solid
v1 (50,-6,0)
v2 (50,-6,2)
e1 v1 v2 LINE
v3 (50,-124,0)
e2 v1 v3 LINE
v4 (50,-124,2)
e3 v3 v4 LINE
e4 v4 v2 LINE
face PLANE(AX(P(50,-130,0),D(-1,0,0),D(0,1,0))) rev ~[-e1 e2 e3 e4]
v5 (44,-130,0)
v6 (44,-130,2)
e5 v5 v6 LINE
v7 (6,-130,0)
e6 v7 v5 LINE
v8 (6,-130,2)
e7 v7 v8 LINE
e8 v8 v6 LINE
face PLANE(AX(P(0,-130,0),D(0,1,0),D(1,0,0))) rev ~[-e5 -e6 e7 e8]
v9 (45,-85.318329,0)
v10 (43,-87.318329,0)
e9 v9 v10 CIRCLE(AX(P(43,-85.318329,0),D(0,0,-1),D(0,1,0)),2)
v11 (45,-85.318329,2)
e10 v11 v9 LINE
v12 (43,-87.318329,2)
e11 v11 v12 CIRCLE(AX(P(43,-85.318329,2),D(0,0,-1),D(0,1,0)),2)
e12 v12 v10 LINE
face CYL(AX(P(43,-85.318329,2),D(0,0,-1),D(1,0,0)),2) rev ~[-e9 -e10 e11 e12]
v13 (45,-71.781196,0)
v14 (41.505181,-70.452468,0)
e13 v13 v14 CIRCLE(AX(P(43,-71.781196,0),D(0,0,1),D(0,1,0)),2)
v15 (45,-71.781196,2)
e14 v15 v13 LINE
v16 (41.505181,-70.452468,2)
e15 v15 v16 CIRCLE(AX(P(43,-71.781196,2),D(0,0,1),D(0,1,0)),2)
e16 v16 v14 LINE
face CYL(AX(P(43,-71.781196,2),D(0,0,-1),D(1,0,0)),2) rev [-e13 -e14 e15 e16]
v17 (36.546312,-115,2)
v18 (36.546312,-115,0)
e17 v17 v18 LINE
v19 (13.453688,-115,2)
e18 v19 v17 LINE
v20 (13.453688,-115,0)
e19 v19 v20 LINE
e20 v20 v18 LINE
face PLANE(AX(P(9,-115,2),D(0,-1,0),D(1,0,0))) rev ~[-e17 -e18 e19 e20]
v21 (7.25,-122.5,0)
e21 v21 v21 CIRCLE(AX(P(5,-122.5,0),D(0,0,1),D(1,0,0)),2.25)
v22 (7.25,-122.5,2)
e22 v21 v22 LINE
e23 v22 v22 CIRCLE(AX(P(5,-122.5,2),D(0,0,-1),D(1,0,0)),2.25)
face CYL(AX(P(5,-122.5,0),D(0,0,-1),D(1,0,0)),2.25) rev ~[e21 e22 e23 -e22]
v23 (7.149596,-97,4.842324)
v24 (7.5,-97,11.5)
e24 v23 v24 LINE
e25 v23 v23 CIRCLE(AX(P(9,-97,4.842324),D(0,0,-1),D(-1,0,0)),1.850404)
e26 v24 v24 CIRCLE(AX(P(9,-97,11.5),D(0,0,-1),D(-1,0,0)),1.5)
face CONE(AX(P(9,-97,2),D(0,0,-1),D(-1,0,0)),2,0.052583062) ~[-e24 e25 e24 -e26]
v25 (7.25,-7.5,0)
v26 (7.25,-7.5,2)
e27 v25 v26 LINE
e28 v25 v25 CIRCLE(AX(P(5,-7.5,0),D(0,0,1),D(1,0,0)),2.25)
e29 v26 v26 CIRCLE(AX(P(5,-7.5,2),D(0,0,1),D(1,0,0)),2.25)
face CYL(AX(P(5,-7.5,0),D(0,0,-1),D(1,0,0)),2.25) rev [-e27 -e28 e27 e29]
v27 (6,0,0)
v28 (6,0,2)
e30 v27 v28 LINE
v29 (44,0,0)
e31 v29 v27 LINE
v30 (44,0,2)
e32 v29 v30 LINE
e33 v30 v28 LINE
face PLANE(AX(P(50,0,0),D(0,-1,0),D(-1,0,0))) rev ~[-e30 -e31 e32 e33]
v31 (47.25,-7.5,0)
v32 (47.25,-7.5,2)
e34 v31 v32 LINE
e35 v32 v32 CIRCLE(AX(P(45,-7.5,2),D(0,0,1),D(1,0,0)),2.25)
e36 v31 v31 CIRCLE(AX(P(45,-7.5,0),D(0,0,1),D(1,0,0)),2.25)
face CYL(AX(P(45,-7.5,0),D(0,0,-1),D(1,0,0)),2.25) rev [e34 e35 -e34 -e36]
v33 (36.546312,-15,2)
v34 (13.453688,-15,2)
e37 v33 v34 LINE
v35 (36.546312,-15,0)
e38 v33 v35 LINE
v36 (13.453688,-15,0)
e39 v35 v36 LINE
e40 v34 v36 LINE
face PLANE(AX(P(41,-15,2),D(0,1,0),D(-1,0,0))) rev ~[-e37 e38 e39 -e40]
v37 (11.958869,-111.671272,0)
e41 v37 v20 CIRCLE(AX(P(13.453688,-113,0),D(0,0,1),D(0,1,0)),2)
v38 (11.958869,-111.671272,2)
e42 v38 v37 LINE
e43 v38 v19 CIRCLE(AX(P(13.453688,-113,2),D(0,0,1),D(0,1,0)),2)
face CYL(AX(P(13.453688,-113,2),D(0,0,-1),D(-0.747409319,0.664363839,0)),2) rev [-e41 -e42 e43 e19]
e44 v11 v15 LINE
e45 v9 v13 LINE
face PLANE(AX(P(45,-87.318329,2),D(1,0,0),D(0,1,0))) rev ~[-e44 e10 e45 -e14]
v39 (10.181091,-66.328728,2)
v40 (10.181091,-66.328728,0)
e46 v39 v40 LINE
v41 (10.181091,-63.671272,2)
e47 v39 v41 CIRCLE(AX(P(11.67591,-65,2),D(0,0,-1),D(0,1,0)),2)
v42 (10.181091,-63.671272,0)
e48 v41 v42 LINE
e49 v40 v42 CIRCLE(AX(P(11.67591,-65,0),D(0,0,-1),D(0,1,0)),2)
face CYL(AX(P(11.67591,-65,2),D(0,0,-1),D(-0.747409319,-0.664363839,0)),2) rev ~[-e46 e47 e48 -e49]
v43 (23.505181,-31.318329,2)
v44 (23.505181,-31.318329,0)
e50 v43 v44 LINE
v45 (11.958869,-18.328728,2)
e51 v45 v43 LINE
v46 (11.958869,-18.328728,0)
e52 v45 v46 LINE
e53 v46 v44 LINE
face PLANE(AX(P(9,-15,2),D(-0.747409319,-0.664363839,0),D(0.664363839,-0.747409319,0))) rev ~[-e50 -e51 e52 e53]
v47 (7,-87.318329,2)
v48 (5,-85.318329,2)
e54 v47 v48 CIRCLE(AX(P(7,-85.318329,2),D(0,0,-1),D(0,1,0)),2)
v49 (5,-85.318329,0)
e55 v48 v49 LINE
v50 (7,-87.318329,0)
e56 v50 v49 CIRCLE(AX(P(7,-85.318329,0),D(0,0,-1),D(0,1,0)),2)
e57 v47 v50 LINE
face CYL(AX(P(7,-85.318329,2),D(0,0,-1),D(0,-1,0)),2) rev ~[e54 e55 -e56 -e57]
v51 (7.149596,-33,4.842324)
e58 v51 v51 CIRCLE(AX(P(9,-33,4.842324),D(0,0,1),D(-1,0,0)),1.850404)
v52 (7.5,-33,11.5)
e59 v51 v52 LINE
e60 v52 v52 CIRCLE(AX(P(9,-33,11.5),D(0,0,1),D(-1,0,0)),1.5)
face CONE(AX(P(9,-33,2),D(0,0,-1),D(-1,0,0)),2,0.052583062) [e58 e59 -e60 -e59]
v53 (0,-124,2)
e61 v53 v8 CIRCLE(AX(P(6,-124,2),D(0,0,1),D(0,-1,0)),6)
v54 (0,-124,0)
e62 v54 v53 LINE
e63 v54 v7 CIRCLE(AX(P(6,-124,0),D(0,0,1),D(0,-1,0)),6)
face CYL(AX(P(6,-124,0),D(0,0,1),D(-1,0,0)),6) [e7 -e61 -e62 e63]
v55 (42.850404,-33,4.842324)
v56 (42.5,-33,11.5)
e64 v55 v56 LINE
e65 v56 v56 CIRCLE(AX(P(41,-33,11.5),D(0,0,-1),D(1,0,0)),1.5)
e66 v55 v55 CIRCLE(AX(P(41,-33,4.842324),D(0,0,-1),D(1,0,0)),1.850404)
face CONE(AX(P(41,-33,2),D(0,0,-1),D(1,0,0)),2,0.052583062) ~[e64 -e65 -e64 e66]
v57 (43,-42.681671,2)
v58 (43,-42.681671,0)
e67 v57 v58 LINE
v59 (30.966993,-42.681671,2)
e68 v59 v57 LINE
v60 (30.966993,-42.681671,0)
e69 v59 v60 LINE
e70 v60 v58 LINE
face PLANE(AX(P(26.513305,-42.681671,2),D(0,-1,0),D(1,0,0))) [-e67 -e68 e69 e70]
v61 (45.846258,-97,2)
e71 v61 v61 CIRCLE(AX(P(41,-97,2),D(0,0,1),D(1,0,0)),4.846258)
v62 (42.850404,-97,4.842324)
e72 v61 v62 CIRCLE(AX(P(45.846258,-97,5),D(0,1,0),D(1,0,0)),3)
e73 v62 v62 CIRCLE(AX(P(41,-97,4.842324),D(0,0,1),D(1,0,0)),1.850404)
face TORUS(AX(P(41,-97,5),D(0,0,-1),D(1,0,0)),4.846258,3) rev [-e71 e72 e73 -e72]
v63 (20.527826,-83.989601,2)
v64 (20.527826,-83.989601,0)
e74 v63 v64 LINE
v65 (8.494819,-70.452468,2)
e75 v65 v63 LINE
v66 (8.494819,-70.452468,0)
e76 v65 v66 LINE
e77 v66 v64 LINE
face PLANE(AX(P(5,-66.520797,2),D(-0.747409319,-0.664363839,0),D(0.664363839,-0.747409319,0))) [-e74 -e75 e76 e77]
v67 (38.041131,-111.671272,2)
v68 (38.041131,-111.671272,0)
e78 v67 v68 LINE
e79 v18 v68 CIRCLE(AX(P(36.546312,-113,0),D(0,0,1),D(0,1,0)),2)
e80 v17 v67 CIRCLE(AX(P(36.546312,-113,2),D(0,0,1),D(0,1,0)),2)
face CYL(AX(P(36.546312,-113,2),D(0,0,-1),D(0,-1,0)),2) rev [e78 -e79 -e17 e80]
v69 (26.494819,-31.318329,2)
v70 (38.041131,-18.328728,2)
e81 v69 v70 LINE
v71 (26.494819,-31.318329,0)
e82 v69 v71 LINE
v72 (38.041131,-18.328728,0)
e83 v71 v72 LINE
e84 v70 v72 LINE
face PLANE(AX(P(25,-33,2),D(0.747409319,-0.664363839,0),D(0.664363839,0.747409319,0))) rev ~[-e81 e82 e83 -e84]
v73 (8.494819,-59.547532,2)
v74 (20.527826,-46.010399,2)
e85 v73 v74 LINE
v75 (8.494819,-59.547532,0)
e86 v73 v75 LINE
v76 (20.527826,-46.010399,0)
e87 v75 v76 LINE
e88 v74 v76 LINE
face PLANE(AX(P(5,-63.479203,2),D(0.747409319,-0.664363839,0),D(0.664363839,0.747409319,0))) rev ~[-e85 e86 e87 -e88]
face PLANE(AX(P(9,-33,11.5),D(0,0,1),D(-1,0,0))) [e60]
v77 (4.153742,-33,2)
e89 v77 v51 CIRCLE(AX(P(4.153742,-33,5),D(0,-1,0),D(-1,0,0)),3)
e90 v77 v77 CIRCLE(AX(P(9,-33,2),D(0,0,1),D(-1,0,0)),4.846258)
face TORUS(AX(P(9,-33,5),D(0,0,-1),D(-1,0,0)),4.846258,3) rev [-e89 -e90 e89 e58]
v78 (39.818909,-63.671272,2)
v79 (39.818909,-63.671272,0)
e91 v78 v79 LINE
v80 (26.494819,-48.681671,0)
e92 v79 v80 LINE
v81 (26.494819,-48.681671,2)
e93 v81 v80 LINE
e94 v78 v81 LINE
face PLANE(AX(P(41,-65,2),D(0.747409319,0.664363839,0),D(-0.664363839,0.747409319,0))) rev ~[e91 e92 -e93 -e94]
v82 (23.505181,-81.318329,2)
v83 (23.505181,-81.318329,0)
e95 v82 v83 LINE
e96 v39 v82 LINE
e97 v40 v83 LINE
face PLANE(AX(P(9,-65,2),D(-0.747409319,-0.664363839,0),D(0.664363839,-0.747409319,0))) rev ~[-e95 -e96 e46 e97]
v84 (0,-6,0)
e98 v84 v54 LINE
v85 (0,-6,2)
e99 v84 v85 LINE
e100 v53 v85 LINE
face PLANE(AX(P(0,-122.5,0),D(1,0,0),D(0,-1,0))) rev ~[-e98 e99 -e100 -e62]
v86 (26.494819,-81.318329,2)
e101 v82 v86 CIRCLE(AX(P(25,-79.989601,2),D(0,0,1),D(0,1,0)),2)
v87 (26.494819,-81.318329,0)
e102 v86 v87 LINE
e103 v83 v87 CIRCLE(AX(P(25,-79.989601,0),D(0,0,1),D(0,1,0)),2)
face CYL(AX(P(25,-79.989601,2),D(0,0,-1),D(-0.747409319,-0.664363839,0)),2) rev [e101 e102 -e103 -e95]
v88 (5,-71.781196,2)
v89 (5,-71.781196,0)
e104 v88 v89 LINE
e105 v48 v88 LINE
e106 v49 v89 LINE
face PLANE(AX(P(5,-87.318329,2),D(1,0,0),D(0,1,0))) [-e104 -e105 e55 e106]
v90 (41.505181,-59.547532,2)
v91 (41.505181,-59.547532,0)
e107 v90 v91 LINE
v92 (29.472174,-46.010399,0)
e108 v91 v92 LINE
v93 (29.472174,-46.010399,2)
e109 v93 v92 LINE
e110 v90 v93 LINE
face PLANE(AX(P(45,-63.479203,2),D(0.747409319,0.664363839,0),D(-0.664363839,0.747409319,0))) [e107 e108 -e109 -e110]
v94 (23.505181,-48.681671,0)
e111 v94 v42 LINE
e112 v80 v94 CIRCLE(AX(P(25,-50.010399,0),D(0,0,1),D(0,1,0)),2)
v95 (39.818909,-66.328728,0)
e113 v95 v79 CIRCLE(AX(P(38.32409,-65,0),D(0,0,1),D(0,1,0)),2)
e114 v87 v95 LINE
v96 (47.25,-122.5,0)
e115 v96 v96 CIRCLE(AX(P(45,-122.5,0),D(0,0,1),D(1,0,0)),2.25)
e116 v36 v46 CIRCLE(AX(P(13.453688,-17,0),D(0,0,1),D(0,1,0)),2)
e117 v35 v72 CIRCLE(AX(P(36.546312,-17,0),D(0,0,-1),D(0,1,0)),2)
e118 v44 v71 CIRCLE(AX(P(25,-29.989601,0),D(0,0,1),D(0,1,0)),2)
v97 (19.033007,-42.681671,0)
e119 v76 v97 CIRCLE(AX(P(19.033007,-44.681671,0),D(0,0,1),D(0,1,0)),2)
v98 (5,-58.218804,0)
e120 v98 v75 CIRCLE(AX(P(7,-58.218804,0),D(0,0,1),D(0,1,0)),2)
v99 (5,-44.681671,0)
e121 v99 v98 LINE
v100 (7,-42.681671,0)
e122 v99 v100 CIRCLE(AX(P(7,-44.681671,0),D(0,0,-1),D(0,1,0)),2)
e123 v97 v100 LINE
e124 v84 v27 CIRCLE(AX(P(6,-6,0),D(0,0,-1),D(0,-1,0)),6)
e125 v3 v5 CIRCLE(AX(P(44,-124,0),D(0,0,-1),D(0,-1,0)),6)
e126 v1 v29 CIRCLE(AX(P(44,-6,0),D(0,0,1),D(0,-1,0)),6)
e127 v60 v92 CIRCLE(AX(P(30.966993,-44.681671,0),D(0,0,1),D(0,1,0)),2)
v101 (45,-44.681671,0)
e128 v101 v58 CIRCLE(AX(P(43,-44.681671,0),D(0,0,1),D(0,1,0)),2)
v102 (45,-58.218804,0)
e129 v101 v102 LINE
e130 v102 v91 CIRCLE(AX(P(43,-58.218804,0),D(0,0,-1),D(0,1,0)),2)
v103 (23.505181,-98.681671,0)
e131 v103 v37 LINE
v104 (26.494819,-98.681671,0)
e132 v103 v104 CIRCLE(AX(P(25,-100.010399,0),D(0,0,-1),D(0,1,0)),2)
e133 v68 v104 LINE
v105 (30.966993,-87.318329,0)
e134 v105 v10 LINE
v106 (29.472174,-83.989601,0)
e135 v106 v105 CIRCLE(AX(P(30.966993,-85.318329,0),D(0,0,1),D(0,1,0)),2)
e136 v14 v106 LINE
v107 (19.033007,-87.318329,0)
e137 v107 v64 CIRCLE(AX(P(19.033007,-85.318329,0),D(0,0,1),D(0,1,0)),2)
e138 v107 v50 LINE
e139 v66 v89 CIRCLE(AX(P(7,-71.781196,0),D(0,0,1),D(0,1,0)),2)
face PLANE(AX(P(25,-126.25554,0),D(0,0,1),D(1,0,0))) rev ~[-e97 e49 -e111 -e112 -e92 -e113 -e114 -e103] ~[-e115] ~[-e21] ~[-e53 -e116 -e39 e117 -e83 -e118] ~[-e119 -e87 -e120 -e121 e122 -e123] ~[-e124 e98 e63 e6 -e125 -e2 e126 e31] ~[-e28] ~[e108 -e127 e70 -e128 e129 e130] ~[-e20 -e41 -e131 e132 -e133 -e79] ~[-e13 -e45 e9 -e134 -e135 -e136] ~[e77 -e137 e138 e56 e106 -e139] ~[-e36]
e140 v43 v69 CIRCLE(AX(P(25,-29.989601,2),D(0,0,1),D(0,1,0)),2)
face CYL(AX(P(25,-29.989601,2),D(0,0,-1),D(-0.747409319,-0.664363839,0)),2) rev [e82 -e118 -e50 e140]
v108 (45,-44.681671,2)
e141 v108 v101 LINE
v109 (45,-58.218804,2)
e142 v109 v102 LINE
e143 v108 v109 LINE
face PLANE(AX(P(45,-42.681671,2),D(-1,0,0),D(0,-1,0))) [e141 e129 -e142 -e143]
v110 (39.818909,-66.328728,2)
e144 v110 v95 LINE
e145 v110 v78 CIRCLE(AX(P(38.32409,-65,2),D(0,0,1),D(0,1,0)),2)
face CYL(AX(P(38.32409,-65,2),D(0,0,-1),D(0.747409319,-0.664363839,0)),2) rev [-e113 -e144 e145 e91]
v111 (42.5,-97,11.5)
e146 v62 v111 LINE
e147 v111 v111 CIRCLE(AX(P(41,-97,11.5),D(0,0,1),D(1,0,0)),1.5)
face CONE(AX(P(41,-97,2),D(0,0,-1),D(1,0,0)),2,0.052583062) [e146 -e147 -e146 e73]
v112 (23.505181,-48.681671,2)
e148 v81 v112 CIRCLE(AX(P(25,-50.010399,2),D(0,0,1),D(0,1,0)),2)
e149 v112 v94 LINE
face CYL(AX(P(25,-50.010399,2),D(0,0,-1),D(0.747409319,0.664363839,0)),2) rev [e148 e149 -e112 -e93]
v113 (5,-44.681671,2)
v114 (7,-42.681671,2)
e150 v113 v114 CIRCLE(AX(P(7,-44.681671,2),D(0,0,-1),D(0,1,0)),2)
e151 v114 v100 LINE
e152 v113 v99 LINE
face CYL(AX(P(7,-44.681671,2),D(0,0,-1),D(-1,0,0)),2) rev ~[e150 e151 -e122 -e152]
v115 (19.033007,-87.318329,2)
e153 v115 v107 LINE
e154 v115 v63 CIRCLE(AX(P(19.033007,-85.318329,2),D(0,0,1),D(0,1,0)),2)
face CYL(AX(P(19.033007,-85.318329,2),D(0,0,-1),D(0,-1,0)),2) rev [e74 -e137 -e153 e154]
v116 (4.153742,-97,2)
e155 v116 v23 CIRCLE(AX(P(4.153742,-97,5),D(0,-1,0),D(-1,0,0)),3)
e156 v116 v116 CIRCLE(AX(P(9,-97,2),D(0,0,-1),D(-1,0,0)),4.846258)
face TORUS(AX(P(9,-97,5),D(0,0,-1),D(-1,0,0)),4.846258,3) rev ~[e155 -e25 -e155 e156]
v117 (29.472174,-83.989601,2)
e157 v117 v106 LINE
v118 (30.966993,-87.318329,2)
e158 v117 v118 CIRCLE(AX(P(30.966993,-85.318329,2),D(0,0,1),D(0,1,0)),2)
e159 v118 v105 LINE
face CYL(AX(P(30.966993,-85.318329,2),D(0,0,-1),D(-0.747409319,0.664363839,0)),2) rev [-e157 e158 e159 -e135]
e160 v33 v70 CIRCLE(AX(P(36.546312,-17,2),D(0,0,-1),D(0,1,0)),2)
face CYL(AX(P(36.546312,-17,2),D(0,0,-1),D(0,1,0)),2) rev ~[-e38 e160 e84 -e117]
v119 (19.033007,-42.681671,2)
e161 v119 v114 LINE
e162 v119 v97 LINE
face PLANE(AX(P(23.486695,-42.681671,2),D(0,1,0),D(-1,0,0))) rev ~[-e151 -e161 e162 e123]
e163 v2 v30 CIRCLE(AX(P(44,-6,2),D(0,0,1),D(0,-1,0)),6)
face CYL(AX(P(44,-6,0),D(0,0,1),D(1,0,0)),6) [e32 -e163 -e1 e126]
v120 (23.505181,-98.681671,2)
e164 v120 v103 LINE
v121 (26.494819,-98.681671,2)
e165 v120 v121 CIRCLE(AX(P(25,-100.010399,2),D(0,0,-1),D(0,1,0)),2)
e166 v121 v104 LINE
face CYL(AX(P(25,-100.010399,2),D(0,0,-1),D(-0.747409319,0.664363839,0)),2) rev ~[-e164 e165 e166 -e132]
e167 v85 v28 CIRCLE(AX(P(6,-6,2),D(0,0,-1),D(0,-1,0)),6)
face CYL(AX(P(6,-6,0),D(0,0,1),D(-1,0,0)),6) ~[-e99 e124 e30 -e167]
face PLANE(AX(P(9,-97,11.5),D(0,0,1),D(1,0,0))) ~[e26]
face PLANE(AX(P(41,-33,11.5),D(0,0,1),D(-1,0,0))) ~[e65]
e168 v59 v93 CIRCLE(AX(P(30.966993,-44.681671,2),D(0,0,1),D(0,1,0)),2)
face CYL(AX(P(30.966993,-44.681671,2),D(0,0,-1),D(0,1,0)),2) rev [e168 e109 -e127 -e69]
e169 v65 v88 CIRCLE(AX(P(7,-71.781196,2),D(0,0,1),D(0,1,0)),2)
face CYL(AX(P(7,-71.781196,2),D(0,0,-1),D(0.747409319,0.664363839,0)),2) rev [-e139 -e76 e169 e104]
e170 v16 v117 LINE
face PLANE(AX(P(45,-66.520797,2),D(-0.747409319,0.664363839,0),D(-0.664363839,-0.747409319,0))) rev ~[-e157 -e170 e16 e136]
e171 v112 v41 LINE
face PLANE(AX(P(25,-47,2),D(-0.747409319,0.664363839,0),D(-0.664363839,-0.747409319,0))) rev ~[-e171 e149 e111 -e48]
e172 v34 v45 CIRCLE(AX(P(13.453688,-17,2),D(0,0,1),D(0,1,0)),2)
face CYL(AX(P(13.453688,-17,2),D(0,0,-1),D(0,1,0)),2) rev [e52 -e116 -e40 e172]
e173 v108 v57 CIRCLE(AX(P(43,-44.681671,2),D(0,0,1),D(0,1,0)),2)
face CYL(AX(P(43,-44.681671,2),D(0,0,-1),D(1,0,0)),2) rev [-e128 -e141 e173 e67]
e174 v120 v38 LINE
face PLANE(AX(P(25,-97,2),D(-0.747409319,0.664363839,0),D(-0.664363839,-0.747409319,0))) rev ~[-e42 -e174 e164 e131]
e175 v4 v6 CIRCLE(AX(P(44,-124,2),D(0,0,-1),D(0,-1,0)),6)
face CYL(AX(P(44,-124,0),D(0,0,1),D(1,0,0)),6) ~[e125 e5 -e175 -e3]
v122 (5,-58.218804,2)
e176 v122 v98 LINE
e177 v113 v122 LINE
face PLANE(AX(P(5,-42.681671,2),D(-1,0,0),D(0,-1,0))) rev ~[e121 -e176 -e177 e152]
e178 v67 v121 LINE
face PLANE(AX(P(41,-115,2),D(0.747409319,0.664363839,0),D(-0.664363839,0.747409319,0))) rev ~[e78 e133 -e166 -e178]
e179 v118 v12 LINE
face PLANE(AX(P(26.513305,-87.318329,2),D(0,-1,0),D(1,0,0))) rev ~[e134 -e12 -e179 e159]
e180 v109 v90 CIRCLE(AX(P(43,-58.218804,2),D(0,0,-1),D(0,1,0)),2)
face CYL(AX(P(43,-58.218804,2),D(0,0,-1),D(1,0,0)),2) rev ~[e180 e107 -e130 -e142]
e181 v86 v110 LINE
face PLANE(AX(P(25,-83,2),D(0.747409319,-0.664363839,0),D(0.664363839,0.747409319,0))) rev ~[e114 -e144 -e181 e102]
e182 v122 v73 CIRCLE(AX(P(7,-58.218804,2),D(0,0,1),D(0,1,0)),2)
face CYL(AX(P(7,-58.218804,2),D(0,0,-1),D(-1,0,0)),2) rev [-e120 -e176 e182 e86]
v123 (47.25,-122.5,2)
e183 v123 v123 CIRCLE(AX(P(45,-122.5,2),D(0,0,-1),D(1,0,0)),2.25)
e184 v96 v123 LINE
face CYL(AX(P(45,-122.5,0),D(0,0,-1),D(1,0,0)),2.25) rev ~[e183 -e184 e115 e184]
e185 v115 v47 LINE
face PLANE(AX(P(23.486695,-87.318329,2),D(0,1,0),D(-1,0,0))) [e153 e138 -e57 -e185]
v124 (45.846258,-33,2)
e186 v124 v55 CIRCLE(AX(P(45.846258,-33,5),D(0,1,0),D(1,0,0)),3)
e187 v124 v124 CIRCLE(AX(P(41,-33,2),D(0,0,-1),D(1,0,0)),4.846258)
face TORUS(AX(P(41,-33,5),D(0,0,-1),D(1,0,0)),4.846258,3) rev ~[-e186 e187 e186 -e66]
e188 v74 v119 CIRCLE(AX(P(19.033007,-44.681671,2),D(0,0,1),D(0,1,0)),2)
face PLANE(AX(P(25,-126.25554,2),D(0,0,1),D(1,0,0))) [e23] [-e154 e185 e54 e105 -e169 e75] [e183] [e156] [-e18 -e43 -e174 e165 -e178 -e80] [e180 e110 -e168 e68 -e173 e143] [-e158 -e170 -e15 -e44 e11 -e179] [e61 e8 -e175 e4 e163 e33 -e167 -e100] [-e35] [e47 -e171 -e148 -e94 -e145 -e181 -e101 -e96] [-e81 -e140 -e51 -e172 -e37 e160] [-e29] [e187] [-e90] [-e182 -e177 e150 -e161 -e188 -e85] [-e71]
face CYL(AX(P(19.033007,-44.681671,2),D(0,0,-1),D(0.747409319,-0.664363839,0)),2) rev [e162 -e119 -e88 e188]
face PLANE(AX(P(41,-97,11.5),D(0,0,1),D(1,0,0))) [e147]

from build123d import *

# Parameters (mm, degrees)
SKETCH_1_R          = 2.25
EXTRUDE_1_DEPTH     = 2
FILLET_1_R          = 6
FILLET_2_R          = 3
CUT_EXTRUDE_1_DEPTH = 2
FILLET_3_R          = 2
CUT_EXTRUDE_2_DEPTH = 2
FILLET_4_R          = 2


with BuildPart() as part:
    # 草图1 → 凸台-拉伸1 (new body)
    # profile 1 of 2: a face of its own
    with BuildSketch(Plane.XY):
        with BuildLine():
            Line((50, 0), (0, 0))
            Line((0, 0), (0, -122.5))
            Line((0, -122.5), (2.75, -122.5))
            ThreePointArc((2.75, -122.5), (5, -120.25), (7.25, -122.5))
            Line((7.25, -122.5), (42.75, -122.5))
            ThreePointArc((42.75, -122.5), (45, -120.25), (47.25, -122.5))
            Line((47.25, -122.5), (50, -122.5))
            Line((50, -122.5), (50, 0))
        make_face()
        with Locations((5, -7.5)):
            Circle(SKETCH_1_R, mode=Mode.SUBTRACT)
        with Locations((45, -7.5)):
            Circle(SKETCH_1_R, mode=Mode.SUBTRACT)
    # profile 2 of 2: a face of its own
    with BuildSketch(Plane.XY):
        with BuildLine():
            Line((2.75, -122.5), (0, -122.5))
            Line((0, -122.5), (0, -130))
            Line((0, -130), (50, -130))
            Line((50, -130), (50, -122.5))
            Line((50, -122.5), (47.25, -122.5))
            ThreePointArc((47.25, -122.5), (45, -124.75), (42.75, -122.5))
            Line((42.75, -122.5), (7.25, -122.5))
            ThreePointArc((7.25, -122.5), (5, -124.75), (2.75, -122.5))
        make_face()
    extrude(amount=EXTRUDE_1_DEPTH)

    # 圆角1
    fillet_1_edges = [part.edges().sort_by_distance(p)[0] for p in [
        (0, 0, 1),
        (50, 0, 1),
        (50, -130, 1),
        (0, -130, 1),
    ]]
    fillet(fillet_1_edges, radius=FILLET_1_R)

    # 草图5 → 旋转1 (revolve)
    with BuildSketch(Plane(origin=(0, -33, 0), x_dir=(1, 0, 0), z_dir=(0, 1, 0))):
        Polygon((9, -2), (7, -2), (7.5, -11.5), (9, -11.5), align=None)
    revolve_1 = revolve(axis=Axis((9, -33, 2), (0, 0, 1)))

    # 镜向1: 旋转1 across plane
    add(revolve_1.mirror(Plane.ZY.offset(-25)))

    # 镜向1 at the second plane: 旋转1 across plane
    add(revolve_1.mirror(Plane.ZX.offset(-65)))

    # 镜向1 at the second plane copy 1 sket → 镜向1 at the second plane copy 1 (revolve)
    with BuildSketch(Plane(origin=(50, -97, 0), x_dir=(-1, 0, 0), z_dir=(0, -1, 0))):
        Polygon((9, -2), (7, -2), (7.5, -11.5), (9, -11.5), align=None)
    revolve(axis=Axis((41, -97, 2), (0, 0, 1)))

    # 圆角2
    fillet_2_edges = [part.edges().sort_by_distance(p)[0] for p in [
        (11, -33, 2),
        (11, -97, 2),
        (39, -33, 2),
        (39, -97, 2),
    ]]
    fillet(fillet_2_edges, radius=FILLET_2_R)

    # 草图7 → 切除-拉伸1 (cut)
    with BuildSketch(Plane.XY.offset(2)):
        Polygon((41, -15), (9, -15), (25, -33), align=None)
        Polygon((9, -65), (25, -83), (41, -65), (25, -47), align=None)
        Polygon((25, -97), (9, -115), (41, -115), align=None)
    extrude(amount=-CUT_EXTRUDE_1_DEPTH, mode=Mode.SUBTRACT)

    # 圆角3
    fillet_3_edges = [part.edges().sort_by_distance(p)[0] for p in [
        (25, -33, 1),
        (9, -15, 1),
        (41, -15, 1),
        (25, -83, 1),
        (9, -65, 1),
        (25, -47, 1),
        (41, -65, 1),
        (25, -97, 1),
        (41, -115, 1),
        (9, -115, 1),
    ]]
    fillet(fillet_3_edges, radius=FILLET_3_R)

    # 草图8 → 切除-拉伸2 (cut)
    with BuildSketch(Plane.XY.offset(2)):
        Polygon((5, -42.681670967), (5, -63.479202711), (23.486694883, -42.681670967), align=None)
        Polygon((45, -63.479202711), (26.513305117, -42.681670967), (45, -42.681670967), align=None)
        Polygon((45, -87.318329033), (45, -66.520797289), (26.513305117, -87.318329033), align=None)
        Polygon((5, -87.318329033), (5, -66.520797289), (23.486694883, -87.318329033), align=None)
    extrude(amount=-CUT_EXTRUDE_2_DEPTH, mode=Mode.SUBTRACT)

    # 圆角4
    fillet_4_edges = [part.edges().sort_by_distance(p)[0] for p in [
        (5, -87.318329033, 1),
        (5, -66.520797289, 1),
        (23.486694883, -87.318329033, 1),
        (45, -66.520797289, 1),
        (45, -87.318329033, 1),
        (26.513305117, -87.318329033, 1),
        (45, -63.479202711, 1),
        (26.513305117, -42.681670967, 1),
        (45, -42.681670967, 1),
        (5, -63.479202711, 1),
        (5, -42.681670967, 1),
        (23.486694883, -42.681670967, 1),
    ]]
    fillet(fillet_4_edges, radius=FILLET_4_R)


solid = part.part
